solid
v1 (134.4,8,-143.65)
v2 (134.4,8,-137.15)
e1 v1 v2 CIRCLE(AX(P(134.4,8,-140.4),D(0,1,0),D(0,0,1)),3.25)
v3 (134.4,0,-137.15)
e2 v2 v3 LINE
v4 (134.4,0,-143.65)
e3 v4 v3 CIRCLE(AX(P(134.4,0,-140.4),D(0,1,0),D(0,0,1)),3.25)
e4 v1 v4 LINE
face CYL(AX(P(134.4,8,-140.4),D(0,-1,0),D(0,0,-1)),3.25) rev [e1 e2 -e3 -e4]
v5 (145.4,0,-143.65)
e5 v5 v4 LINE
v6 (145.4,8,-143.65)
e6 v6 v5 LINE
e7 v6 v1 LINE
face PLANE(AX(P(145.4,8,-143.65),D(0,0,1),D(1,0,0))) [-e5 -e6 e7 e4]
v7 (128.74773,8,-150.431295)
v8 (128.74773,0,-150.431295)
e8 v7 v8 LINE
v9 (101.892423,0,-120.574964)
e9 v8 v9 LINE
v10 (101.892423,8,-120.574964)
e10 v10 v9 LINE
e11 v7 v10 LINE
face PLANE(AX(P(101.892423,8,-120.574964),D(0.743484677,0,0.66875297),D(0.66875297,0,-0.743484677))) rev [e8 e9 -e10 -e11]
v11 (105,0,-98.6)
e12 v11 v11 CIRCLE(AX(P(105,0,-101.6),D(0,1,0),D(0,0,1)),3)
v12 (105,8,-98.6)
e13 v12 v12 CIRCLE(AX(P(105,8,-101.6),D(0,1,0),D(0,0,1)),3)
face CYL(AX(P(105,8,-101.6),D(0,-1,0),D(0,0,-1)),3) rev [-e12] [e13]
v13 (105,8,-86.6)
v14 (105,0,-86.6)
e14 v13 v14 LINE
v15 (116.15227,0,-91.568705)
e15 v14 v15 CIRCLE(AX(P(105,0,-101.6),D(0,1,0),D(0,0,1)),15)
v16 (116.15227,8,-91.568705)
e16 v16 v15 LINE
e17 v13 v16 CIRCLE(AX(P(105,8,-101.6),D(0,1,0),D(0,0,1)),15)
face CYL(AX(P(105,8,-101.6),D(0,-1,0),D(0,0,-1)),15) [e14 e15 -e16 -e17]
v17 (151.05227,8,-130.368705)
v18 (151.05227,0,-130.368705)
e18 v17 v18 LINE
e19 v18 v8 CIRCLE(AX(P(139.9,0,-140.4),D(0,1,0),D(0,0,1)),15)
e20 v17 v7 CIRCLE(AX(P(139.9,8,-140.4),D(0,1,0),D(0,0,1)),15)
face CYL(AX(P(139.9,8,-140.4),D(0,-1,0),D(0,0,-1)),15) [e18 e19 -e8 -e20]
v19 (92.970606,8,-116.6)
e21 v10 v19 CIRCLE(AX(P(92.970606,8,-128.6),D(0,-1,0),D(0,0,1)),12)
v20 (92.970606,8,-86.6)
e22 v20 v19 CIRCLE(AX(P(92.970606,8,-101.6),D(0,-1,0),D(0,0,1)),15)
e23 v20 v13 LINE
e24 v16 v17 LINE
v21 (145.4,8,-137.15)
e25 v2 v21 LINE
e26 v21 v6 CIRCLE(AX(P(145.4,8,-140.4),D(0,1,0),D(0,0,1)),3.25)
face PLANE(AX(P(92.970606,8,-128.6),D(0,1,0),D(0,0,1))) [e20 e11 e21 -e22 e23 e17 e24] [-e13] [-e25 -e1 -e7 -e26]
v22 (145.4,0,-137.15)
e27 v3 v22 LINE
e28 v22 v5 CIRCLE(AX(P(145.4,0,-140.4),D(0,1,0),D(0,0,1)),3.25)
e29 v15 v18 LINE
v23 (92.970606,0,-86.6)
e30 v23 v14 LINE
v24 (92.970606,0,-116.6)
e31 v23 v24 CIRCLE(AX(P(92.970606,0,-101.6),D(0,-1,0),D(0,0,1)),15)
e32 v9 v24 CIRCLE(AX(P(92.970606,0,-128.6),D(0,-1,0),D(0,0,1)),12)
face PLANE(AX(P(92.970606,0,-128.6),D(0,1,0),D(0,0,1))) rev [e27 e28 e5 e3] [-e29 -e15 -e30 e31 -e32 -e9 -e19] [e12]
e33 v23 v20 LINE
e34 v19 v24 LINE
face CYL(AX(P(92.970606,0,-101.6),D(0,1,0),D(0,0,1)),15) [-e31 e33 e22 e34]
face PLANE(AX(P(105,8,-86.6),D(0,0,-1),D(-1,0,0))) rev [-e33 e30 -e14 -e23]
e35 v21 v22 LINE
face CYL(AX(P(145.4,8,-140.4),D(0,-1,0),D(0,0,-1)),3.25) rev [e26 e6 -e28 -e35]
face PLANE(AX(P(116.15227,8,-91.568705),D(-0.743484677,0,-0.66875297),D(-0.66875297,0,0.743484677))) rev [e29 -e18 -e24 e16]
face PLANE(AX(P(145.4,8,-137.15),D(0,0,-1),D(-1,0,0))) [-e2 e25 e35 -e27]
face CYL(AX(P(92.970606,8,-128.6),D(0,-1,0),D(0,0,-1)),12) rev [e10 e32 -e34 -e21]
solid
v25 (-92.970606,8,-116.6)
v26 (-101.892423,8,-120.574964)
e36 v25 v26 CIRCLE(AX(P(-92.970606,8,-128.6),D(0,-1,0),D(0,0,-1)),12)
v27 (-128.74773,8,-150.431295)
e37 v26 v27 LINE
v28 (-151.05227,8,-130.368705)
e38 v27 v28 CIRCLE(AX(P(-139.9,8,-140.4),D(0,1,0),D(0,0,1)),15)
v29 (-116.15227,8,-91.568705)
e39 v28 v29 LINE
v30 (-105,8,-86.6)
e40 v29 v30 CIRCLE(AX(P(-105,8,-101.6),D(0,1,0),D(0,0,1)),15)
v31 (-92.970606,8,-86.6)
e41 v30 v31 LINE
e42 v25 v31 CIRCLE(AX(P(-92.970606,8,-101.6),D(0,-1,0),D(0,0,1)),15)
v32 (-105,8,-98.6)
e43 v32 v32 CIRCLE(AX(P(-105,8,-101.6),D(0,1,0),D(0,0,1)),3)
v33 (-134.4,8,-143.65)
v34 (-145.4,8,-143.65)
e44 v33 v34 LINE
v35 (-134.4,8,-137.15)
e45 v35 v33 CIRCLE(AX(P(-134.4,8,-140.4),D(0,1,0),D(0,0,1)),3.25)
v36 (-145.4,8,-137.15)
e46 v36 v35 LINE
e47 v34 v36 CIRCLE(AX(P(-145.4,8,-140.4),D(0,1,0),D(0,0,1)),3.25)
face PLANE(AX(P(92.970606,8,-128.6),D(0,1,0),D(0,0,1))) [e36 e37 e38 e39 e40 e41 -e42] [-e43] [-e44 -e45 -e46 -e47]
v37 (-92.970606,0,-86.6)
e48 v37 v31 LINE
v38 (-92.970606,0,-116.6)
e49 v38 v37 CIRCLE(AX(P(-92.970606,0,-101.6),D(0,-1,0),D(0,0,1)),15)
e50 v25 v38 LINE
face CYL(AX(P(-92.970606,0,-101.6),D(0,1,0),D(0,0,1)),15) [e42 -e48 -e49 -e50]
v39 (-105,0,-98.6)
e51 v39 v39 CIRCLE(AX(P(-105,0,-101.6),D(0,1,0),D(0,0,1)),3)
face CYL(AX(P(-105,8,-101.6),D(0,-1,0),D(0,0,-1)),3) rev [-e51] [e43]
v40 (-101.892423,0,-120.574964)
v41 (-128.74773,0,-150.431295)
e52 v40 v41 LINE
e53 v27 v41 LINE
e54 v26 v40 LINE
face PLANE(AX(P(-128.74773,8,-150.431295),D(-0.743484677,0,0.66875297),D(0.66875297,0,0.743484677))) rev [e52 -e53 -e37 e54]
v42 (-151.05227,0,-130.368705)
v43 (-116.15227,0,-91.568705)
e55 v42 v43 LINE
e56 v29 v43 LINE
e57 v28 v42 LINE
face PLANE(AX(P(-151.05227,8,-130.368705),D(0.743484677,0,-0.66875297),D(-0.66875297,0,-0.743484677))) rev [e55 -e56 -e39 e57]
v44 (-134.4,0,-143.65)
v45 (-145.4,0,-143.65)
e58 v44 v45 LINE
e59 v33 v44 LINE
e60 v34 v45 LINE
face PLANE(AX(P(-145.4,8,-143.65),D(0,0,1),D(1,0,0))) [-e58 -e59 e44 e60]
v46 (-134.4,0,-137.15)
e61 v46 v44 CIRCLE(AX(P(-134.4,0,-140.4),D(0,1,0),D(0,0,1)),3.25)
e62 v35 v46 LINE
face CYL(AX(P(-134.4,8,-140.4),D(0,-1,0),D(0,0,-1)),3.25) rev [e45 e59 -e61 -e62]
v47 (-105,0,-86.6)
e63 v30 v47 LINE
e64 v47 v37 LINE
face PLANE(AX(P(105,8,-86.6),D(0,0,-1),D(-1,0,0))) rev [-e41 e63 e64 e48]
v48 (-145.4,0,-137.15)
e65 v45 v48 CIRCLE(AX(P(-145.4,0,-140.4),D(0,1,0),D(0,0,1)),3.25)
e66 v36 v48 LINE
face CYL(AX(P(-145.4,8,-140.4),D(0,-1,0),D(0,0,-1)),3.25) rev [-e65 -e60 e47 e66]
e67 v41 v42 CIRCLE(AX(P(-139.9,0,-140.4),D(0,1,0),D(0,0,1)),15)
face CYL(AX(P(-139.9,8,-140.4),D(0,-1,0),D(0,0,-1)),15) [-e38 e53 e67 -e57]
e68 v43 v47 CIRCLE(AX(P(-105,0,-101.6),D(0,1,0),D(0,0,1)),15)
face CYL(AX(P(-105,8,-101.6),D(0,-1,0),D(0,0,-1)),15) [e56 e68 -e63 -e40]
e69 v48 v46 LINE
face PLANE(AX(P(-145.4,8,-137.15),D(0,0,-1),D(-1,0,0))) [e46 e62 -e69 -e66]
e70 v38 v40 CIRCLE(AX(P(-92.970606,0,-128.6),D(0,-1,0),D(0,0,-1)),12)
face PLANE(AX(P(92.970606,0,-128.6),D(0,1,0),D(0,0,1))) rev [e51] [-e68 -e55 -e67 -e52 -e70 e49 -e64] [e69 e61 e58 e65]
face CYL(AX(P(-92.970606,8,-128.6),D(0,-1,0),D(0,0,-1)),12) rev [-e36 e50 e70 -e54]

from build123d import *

# Parameters (mm, degrees)
SKETCH1_R           = 3
BOSS_EXTRUDE1_DEPTH = 8
CUT_EXTRUDE1_DEPTH  = 220.561312621


with BuildPart() as part:
    # Sketch1 → Boss-Extrude1 (new body)
    with BuildSketch(Plane(origin=(0, 0, 0), x_dir=(1, 0, 0), z_dir=(0, 1, 0))):
        with BuildLine():
            Line((-128.747729842, 150.431294549), (-101.892422534, 120.574964361))
            ThreePointArc((-101.892422534, 120.574964361), (-97.854230693, 117.638694702), (-92.970606408, 116.6))
            Line((-92.970606408, 116.6), (92.970606408, 116.6))
            ThreePointArc((92.970606408, 116.6), (97.854230693, 117.638694702), (101.892422534, 120.574964361))
            Line((101.892422534, 120.574964361), (128.747729842, 150.431294549))
            ThreePointArc((128.747729842, 150.431294549), (149.931294549, 151.552270158), (151.052270158, 130.368705451))
            Line((151.052270158, 130.368705451), (116.152270158, 91.568705451))
            ThreePointArc((116.152270158, 91.568705451), (111.104530357, 87.898368378), (105, 86.6))
            Line((105, 86.6), (-105, 86.6))
            ThreePointArc((-105, 86.6), (-111.104530357, 87.898368378), (-116.152270158, 91.568705451))
            Line((-116.152270158, 91.568705451), (-151.052270158, 130.368705451))
            ThreePointArc((-151.052270158, 130.368705451), (-149.931294549, 151.552270158), (-128.747729842, 150.431294549))
        make_face()
        with Locations(Location((-105, 101.6, 0), (0, 0, 270))):
            Circle(SKETCH1_R, mode=Mode.SUBTRACT)
        with Locations(Location((105, 101.6, 0), (0, 0, 270))):
            Circle(SKETCH1_R, mode=Mode.SUBTRACT)
        with BuildLine():
            Line((-145.4, 143.65), (-134.4, 143.65))
            ThreePointArc((-134.4, 143.65), (-131.15, 140.4), (-134.4, 137.15))
            Line((-134.4, 137.15), (-145.4, 137.15))
            ThreePointArc((-145.4, 137.15), (-148.65, 140.4), (-145.4, 143.65))
        make_face(mode=Mode.SUBTRACT)
        with BuildLine():
            Line((145.4, 137.15), (134.4, 137.15))
            ThreePointArc((134.4, 137.15), (131.15, 140.4), (134.4, 143.65))
            Line((134.4, 143.65), (145.4, 143.65))
            ThreePointArc((145.4, 143.65), (148.65, 140.4), (145.4, 137.15))
        make_face(mode=Mode.SUBTRACT)
    extrude(amount=BOSS_EXTRUDE1_DEPTH)

    # Sketch3 → Cut-Extrude1 (cut, through all)
    with BuildSketch(Plane(origin=(0, 8, 0), x_dir=(1, 0, 0), z_dir=(0, 1, 0))):
        with BuildLine():
            Line((-92.970606408, 116.6), (92.970606408, 116.6))
            ThreePointArc((92.970606408, 116.6), (77.970606408, 101.6), (92.970606408, 86.6))
            Line((92.970606408, 86.6), (-92.970606408, 86.6))
            ThreePointArc((-92.970606408, 86.6), (-77.970606408, 101.6), (-92.970606408, 116.6))
        make_face()
    extrude(amount=-CUT_EXTRUDE1_DEPTH, mode=Mode.SUBTRACT)


with BuildPart() as cut_extrude1_piece_1:
    # of the separate pieces the step leaves, piece 1, a body of its own (cut_extrude1_pieces)
    add(part.part.solids().sort_by_distance((92.970606408, 0, -116.6))[0])


with BuildPart() as cut_extrude1_piece_2:
    # of the separate pieces the step leaves, piece 2, a body of its own (cut_extrude1_pieces)
    add(part.part.solids().sort_by_distance((-128.747729842, 0, -150.431294549))[0])


solid = Compound([cut_extrude1_piece_1.part, cut_extrude1_piece_2.part])
